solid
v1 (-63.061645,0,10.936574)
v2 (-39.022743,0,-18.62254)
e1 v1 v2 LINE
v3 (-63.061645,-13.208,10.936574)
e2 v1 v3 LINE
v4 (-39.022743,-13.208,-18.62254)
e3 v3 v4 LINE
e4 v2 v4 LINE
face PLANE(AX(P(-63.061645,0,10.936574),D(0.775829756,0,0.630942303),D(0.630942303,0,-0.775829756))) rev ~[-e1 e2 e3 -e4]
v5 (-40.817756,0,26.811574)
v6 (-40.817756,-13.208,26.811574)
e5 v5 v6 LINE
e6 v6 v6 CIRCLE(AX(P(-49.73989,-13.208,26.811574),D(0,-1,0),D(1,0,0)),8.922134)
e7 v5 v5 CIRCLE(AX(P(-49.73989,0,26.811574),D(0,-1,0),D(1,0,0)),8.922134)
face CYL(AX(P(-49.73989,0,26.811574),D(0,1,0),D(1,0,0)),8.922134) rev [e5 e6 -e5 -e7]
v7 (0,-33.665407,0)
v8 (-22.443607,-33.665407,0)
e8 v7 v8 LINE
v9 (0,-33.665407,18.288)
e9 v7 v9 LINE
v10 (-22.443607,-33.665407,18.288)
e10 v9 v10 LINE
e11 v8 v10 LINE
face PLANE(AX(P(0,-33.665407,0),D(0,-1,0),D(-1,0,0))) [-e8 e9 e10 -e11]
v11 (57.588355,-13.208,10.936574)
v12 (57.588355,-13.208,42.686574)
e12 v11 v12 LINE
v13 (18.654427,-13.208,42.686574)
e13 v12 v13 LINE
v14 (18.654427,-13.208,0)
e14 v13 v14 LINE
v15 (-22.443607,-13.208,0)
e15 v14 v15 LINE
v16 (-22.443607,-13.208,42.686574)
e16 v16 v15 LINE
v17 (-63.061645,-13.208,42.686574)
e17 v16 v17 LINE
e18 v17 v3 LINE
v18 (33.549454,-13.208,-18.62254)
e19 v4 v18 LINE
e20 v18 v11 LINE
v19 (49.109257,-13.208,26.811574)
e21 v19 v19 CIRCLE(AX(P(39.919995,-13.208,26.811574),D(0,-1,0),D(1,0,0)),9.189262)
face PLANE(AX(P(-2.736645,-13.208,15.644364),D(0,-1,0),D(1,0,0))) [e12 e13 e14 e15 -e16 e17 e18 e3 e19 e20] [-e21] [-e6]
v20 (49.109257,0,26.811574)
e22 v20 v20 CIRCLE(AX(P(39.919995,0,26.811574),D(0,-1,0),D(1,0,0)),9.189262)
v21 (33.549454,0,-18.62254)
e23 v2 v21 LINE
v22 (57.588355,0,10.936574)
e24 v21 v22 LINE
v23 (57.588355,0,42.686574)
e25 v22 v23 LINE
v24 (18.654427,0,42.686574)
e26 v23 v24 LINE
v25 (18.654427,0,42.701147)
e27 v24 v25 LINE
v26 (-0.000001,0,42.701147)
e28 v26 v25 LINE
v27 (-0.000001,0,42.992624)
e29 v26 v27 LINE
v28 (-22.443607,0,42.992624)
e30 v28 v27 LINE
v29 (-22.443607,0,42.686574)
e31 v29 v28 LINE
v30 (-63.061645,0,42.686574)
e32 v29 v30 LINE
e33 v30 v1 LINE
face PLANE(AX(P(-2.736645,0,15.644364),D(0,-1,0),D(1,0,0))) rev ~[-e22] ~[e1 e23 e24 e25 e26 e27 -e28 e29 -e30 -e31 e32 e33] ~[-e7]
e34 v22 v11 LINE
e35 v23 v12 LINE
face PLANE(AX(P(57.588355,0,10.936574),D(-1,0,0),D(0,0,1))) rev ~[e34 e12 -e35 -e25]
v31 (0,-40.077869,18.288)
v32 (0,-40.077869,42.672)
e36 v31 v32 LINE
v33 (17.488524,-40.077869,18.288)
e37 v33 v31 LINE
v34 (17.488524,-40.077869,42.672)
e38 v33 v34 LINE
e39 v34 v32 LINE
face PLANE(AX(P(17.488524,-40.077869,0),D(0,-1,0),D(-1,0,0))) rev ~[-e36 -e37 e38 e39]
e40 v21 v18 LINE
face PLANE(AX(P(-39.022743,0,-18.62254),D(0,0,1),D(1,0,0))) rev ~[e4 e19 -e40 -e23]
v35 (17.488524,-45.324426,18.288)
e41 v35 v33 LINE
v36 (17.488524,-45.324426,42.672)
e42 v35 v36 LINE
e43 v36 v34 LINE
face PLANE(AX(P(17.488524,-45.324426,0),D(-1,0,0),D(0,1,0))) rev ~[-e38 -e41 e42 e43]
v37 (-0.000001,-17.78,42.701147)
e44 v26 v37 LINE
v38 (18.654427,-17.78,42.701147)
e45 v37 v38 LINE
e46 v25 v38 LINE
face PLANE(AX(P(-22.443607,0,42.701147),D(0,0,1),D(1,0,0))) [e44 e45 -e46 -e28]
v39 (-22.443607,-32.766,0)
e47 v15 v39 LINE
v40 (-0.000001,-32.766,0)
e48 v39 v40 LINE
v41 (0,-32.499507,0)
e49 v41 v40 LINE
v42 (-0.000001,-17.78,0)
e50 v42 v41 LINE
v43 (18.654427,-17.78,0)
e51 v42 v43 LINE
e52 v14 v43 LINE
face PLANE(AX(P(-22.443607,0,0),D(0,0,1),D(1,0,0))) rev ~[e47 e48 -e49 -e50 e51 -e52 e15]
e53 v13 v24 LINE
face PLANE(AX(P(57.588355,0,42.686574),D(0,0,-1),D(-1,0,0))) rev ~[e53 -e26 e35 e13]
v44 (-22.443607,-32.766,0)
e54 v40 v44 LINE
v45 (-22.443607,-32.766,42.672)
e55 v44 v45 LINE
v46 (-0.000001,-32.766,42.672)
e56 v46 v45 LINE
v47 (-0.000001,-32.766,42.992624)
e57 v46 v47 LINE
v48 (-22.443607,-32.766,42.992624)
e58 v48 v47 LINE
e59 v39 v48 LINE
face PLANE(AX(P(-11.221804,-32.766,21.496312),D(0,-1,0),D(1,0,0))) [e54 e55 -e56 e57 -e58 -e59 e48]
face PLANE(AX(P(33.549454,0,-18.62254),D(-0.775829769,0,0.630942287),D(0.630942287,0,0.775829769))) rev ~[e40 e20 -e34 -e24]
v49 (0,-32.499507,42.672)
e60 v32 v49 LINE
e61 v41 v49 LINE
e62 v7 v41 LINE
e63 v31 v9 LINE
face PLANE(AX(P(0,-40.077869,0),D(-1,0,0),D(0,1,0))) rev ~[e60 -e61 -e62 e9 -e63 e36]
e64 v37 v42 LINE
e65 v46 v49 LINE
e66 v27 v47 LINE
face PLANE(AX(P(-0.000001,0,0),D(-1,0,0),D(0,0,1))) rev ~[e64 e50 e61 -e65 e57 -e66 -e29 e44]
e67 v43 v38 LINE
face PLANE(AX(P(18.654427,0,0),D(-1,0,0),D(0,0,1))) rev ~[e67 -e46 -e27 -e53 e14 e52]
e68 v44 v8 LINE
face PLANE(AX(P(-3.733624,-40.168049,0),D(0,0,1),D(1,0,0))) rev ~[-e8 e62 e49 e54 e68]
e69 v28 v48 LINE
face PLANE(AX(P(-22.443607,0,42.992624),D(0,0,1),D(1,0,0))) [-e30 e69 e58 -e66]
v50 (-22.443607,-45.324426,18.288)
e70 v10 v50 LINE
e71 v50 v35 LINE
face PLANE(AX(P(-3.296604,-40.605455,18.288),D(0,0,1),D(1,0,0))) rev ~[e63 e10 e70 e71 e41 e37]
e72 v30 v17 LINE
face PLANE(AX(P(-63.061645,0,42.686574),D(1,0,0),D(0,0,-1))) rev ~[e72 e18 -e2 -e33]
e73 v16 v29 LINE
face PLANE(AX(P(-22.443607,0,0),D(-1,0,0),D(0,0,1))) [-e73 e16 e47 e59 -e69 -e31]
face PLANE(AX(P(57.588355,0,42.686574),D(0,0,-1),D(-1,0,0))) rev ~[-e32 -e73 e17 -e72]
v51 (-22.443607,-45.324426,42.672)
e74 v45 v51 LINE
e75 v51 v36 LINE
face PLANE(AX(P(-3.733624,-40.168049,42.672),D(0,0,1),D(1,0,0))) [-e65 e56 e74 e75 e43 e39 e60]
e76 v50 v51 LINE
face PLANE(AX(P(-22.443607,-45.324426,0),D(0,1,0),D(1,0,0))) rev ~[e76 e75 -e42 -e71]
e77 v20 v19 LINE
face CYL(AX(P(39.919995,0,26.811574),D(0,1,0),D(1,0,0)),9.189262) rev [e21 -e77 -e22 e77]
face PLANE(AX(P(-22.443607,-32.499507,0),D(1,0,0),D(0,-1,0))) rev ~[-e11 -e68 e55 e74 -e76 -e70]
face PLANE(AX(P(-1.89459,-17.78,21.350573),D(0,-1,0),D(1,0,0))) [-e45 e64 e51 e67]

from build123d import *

# Parameters (mm, degrees)
F0_R     = 8.922134
F0_R_2   = 9.189262
F1_DEPTH = 13.208
F2_W     = 41.098034
F2_H     = 42.701147
F3_DEPTH = 17.78
F4_W     = 22.443607
F4_H     = 42.992625
F5_DEPTH = 32.766
F7_DEPTH = 42.672
F9_DEPTH = 18.288


with BuildPart() as f1:
    # F0 (on Front) → F1 (new body)
    with BuildSketch(Plane.XZ):
        Polygon((57.588355, 42.686574), (-63.061645, 42.686574), (-63.061645, 10.936574), (-39.022743, -18.62254), (33.549454, -18.62254), (57.588355, 10.936574), align=None)
        with Locations((-49.73989, 26.811574)):
            Circle(F0_R, mode=Mode.SUBTRACT)
        with Locations((39.919995, 26.811574)):
            Circle(F0_R_2, mode=Mode.SUBTRACT)
    extrude(amount=F1_DEPTH)

    # F2 (on Front) → F3 (join)
    with BuildSketch(Plane.XZ):
        with Locations((-1.89459, 21.350573)):
            Rectangle(F2_W, F2_H)
    extrude(amount=F3_DEPTH)

    # F4 (on Front) → F5 (join)
    with BuildSketch(Plane.XZ):
        with Locations((-11.221804, 21.496312)):
            Rectangle(F4_W, F4_H)
    extrude(amount=F5_DEPTH)

    # F6 (on Top) → F7 (join)
    with BuildSketch(Plane.XY):
        Polygon((0, -32.499507), (-22.443607, -32.499507), (-22.443607, -45.324426), (17.488524, -45.324426), (17.488524, -40.077869), (0, -40.077869), align=None)
    extrude(amount=F7_DEPTH)

    # F8 (on Top) → F9 (cut)
    with BuildSketch(Plane.XY):
        Polygon((0, -33.665407), (-22.443607, -33.665407), (-22.443607, -45.324426), (18.071475, -45.324426), (18.071475, -40.077869), (0, -40.077869), align=None)
    extrude(amount=F9_DEPTH, mode=Mode.SUBTRACT)


solid = f1.part
